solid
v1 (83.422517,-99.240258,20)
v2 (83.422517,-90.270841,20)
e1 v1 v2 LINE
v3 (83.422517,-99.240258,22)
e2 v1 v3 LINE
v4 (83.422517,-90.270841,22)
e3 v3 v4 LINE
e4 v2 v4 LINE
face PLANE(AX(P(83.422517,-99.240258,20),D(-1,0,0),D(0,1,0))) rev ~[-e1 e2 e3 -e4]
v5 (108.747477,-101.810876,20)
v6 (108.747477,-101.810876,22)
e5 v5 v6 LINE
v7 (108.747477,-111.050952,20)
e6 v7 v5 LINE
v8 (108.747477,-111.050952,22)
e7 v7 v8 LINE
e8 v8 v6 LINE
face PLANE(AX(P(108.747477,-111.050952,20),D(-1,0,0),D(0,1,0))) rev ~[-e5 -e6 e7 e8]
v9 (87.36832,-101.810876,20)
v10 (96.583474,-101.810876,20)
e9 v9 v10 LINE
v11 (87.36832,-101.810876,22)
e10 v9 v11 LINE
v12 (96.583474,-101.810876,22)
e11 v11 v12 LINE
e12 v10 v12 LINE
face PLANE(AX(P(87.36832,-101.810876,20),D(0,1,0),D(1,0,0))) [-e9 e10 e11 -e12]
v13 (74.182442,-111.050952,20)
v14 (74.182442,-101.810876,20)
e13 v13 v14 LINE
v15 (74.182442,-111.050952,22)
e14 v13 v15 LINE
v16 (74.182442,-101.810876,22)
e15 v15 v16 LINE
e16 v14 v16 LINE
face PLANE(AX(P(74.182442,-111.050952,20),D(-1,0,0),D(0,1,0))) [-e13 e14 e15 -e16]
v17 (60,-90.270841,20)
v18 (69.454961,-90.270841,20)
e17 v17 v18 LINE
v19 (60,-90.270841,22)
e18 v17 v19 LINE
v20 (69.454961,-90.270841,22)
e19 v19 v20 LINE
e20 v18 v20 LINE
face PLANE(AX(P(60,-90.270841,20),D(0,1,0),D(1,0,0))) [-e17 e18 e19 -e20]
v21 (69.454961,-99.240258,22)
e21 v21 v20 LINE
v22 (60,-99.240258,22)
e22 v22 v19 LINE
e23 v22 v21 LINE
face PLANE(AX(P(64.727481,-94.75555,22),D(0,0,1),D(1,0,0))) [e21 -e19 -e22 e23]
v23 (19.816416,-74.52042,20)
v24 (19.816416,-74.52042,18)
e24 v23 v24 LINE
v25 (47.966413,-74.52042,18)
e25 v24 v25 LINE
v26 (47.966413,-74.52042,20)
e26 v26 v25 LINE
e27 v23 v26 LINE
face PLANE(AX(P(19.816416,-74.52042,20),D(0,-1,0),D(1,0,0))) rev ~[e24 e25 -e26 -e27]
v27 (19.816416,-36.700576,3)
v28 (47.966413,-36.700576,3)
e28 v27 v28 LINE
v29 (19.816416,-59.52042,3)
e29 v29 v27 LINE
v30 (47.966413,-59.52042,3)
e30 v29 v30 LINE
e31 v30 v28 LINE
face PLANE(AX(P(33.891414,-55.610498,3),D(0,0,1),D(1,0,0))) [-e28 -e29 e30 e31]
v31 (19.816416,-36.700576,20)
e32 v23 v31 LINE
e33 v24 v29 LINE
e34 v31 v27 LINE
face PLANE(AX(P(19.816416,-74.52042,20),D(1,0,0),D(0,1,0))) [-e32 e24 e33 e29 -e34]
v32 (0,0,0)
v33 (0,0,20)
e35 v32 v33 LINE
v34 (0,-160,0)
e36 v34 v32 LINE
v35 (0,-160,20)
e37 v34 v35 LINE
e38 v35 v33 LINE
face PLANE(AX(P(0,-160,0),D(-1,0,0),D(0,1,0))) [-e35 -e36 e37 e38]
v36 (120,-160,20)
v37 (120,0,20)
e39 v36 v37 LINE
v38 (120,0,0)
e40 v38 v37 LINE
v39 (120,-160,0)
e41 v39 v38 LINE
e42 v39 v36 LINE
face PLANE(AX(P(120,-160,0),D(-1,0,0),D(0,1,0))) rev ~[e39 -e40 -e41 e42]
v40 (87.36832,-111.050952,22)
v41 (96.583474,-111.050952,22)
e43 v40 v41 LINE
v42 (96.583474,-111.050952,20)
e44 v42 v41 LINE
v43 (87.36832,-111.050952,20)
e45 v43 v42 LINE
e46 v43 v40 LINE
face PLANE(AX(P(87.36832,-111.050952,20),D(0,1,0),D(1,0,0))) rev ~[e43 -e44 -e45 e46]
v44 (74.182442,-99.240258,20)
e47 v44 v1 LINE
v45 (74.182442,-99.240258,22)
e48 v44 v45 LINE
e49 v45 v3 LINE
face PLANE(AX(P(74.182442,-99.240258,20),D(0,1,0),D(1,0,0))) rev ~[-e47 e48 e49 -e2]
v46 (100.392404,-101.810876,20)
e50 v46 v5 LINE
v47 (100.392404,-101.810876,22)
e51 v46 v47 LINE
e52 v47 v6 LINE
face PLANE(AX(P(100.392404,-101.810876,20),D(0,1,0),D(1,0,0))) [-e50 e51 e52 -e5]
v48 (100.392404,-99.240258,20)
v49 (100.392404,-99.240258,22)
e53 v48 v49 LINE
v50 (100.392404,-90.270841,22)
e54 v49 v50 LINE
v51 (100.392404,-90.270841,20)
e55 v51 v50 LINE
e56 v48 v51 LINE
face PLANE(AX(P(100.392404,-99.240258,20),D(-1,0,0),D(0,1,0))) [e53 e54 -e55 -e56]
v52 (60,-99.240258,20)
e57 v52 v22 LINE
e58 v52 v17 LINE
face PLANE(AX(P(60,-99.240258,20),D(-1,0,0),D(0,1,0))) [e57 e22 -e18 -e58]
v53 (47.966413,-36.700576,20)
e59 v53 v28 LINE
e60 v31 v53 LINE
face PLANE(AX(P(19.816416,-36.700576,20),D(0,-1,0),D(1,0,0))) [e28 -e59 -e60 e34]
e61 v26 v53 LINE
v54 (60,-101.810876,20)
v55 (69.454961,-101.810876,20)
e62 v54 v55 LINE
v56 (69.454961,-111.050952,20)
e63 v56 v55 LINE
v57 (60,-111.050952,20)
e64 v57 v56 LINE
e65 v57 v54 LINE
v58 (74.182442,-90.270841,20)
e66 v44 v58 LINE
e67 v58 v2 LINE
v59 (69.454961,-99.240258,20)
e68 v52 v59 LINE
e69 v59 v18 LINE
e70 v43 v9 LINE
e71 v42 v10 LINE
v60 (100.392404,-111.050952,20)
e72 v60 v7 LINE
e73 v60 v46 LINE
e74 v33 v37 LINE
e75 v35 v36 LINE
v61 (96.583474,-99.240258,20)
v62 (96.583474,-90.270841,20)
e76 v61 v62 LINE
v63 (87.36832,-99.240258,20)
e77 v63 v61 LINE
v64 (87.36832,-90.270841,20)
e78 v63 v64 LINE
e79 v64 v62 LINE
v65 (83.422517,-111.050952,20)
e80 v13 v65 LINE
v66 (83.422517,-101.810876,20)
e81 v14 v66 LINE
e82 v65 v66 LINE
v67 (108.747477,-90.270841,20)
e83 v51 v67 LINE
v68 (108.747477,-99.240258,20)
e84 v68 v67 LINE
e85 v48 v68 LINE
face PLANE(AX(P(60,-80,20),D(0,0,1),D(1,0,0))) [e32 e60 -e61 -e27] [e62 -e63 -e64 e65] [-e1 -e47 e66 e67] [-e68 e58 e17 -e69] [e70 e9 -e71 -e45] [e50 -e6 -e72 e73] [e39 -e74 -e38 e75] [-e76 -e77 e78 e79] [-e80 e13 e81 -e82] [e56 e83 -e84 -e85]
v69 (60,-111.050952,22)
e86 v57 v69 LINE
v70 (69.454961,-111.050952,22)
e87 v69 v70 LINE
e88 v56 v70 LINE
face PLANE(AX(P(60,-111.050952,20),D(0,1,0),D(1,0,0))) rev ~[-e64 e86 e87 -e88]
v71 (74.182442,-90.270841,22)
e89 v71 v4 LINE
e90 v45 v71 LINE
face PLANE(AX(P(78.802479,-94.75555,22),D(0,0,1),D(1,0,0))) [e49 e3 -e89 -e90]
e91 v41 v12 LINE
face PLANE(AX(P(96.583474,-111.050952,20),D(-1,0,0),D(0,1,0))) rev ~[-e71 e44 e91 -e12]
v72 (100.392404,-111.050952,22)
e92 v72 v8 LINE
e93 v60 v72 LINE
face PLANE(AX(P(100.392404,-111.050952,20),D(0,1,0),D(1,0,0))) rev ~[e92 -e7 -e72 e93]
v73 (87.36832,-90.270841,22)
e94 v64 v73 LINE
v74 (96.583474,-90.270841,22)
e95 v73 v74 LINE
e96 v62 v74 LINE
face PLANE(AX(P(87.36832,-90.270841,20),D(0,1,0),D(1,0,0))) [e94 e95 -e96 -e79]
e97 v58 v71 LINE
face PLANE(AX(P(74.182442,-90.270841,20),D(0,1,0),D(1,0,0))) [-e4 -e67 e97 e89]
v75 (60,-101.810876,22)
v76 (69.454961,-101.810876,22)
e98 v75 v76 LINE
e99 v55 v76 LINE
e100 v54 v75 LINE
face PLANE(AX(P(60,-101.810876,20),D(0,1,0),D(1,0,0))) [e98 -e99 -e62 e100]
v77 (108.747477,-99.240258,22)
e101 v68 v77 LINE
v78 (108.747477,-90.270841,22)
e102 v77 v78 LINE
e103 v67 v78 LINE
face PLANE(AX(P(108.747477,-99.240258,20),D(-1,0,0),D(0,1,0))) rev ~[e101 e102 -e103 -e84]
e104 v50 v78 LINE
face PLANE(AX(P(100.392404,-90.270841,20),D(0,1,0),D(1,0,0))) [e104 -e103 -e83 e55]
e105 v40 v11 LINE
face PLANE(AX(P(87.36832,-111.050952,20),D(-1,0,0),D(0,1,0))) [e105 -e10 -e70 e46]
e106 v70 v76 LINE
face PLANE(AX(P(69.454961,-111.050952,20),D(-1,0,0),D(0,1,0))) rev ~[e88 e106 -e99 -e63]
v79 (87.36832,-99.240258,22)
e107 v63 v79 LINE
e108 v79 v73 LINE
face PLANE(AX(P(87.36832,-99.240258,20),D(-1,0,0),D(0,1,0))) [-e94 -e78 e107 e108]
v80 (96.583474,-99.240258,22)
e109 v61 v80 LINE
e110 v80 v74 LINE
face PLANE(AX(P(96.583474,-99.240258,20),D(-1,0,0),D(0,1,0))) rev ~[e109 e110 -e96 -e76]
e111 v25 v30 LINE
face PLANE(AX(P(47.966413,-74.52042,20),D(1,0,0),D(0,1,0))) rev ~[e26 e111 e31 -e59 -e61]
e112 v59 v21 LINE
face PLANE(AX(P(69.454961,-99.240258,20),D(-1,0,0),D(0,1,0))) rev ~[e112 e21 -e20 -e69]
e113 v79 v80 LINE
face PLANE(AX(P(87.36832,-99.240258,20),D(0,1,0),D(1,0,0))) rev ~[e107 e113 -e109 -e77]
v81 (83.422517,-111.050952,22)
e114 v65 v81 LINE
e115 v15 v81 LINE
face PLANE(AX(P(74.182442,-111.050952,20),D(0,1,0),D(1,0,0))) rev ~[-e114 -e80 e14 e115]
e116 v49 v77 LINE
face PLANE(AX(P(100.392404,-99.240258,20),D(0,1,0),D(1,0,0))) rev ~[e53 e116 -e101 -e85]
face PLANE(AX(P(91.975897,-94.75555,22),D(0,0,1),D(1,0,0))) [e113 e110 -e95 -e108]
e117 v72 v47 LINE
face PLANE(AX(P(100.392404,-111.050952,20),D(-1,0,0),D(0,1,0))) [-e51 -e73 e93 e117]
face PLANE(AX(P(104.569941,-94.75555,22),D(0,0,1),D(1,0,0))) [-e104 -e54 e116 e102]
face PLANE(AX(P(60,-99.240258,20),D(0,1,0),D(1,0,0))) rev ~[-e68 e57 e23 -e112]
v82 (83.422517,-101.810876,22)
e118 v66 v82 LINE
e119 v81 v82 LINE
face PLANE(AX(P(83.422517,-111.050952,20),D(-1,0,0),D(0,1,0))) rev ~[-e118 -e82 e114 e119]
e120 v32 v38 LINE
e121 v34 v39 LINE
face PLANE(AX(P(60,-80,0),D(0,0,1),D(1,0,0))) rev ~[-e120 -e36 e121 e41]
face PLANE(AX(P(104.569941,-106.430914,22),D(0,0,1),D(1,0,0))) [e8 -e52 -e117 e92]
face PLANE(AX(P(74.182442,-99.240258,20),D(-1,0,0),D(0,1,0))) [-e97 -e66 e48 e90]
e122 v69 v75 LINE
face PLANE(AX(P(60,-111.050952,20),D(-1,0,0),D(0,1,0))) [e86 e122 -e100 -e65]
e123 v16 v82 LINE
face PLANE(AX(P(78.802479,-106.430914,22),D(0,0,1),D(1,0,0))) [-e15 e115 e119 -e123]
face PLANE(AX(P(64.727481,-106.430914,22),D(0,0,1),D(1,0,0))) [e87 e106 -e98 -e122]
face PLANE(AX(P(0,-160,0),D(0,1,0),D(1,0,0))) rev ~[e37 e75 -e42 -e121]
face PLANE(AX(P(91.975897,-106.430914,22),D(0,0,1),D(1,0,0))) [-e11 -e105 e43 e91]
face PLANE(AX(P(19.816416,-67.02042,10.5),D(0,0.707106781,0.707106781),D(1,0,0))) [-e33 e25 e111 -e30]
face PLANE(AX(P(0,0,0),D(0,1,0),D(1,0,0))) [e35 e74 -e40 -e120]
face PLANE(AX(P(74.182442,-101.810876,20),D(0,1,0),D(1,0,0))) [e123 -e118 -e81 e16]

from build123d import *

# Parameters (mm, degrees)
CROQUIS1_W              = 120
CROQUIS1_H              = 160
SALIENTE_EXTRUIR1_DEPTH = 20
CROQUIS2_W              = 28.149997618
CROQUIS2_H              = 37.819844128
CORTAR_EXTRUIR1_DEPTH   = 17
CHAFL_N1_SIZE           = 15
CROQUIS3_W              = 9.454961032
CROQUIS3_H              = 9.240075554
CROQUIS3_W_2            = 9.240075554
CROQUIS3_W_3            = 9.215154211
CROQUIS3_W_4            = 8.355073151
CROQUIS3_H_2            = 8.969416765
SALIENTE_EXTRUIR2_DEPTH = 2


with BuildPart() as part:
    # Croquis1 → Saliente-Extruir1 (new body)
    with BuildSketch(Plane.XY):
        with Locations((60, -80)):
            Rectangle(CROQUIS1_W, CROQUIS1_H)
    extrude(amount=SALIENTE_EXTRUIR1_DEPTH)

    # Croquis2 → Cortar-Extruir1 (cut)
    with BuildSketch(Plane.XY.offset(20)):
        with Locations((33.891414423, -55.610498247)):
            Rectangle(CROQUIS2_W, CROQUIS2_H)
    extrude(amount=-CORTAR_EXTRUIR1_DEPTH, mode=Mode.SUBTRACT)

    # Chaflán1
    chafl_n1_edges = [part.edges().sort_by_distance(p)[0] for p in [
        (33.891414423, -74.520420311, 3),
    ]]
    chamfer(chafl_n1_edges, length=CHAFL_N1_SIZE)

    # Croquis3 → Saliente-Extruir2 (add)
    with BuildSketch(Plane.XY.offset(20)):
        with Locations((64.727480516, -106.430913794)):
            Rectangle(CROQUIS3_W, CROQUIS3_H)
        with Locations((78.802479325, -106.430913794)):
            Rectangle(CROQUIS3_W_2, CROQUIS3_H)
        with Locations((91.975896748, -106.430913794)):
            Rectangle(CROQUIS3_W_3, CROQUIS3_H)
        with Locations((104.569940836, -106.430913794)):
            Rectangle(CROQUIS3_W_4, CROQUIS3_H)
        with Locations((64.727480516, -94.755549816)):
            Rectangle(CROQUIS3_W, CROQUIS3_H_2)
        with Locations((78.802479325, -94.755549816)):
            Rectangle(CROQUIS3_W_2, CROQUIS3_H_2)
        with Locations((91.975896748, -94.755549816)):
            Rectangle(CROQUIS3_W_3, CROQUIS3_H_2)
        with Locations((104.569940836, -94.755549816)):
            Rectangle(CROQUIS3_W_4, CROQUIS3_H_2)
    extrude(amount=SALIENTE_EXTRUIR2_DEPTH)


solid = part.part
